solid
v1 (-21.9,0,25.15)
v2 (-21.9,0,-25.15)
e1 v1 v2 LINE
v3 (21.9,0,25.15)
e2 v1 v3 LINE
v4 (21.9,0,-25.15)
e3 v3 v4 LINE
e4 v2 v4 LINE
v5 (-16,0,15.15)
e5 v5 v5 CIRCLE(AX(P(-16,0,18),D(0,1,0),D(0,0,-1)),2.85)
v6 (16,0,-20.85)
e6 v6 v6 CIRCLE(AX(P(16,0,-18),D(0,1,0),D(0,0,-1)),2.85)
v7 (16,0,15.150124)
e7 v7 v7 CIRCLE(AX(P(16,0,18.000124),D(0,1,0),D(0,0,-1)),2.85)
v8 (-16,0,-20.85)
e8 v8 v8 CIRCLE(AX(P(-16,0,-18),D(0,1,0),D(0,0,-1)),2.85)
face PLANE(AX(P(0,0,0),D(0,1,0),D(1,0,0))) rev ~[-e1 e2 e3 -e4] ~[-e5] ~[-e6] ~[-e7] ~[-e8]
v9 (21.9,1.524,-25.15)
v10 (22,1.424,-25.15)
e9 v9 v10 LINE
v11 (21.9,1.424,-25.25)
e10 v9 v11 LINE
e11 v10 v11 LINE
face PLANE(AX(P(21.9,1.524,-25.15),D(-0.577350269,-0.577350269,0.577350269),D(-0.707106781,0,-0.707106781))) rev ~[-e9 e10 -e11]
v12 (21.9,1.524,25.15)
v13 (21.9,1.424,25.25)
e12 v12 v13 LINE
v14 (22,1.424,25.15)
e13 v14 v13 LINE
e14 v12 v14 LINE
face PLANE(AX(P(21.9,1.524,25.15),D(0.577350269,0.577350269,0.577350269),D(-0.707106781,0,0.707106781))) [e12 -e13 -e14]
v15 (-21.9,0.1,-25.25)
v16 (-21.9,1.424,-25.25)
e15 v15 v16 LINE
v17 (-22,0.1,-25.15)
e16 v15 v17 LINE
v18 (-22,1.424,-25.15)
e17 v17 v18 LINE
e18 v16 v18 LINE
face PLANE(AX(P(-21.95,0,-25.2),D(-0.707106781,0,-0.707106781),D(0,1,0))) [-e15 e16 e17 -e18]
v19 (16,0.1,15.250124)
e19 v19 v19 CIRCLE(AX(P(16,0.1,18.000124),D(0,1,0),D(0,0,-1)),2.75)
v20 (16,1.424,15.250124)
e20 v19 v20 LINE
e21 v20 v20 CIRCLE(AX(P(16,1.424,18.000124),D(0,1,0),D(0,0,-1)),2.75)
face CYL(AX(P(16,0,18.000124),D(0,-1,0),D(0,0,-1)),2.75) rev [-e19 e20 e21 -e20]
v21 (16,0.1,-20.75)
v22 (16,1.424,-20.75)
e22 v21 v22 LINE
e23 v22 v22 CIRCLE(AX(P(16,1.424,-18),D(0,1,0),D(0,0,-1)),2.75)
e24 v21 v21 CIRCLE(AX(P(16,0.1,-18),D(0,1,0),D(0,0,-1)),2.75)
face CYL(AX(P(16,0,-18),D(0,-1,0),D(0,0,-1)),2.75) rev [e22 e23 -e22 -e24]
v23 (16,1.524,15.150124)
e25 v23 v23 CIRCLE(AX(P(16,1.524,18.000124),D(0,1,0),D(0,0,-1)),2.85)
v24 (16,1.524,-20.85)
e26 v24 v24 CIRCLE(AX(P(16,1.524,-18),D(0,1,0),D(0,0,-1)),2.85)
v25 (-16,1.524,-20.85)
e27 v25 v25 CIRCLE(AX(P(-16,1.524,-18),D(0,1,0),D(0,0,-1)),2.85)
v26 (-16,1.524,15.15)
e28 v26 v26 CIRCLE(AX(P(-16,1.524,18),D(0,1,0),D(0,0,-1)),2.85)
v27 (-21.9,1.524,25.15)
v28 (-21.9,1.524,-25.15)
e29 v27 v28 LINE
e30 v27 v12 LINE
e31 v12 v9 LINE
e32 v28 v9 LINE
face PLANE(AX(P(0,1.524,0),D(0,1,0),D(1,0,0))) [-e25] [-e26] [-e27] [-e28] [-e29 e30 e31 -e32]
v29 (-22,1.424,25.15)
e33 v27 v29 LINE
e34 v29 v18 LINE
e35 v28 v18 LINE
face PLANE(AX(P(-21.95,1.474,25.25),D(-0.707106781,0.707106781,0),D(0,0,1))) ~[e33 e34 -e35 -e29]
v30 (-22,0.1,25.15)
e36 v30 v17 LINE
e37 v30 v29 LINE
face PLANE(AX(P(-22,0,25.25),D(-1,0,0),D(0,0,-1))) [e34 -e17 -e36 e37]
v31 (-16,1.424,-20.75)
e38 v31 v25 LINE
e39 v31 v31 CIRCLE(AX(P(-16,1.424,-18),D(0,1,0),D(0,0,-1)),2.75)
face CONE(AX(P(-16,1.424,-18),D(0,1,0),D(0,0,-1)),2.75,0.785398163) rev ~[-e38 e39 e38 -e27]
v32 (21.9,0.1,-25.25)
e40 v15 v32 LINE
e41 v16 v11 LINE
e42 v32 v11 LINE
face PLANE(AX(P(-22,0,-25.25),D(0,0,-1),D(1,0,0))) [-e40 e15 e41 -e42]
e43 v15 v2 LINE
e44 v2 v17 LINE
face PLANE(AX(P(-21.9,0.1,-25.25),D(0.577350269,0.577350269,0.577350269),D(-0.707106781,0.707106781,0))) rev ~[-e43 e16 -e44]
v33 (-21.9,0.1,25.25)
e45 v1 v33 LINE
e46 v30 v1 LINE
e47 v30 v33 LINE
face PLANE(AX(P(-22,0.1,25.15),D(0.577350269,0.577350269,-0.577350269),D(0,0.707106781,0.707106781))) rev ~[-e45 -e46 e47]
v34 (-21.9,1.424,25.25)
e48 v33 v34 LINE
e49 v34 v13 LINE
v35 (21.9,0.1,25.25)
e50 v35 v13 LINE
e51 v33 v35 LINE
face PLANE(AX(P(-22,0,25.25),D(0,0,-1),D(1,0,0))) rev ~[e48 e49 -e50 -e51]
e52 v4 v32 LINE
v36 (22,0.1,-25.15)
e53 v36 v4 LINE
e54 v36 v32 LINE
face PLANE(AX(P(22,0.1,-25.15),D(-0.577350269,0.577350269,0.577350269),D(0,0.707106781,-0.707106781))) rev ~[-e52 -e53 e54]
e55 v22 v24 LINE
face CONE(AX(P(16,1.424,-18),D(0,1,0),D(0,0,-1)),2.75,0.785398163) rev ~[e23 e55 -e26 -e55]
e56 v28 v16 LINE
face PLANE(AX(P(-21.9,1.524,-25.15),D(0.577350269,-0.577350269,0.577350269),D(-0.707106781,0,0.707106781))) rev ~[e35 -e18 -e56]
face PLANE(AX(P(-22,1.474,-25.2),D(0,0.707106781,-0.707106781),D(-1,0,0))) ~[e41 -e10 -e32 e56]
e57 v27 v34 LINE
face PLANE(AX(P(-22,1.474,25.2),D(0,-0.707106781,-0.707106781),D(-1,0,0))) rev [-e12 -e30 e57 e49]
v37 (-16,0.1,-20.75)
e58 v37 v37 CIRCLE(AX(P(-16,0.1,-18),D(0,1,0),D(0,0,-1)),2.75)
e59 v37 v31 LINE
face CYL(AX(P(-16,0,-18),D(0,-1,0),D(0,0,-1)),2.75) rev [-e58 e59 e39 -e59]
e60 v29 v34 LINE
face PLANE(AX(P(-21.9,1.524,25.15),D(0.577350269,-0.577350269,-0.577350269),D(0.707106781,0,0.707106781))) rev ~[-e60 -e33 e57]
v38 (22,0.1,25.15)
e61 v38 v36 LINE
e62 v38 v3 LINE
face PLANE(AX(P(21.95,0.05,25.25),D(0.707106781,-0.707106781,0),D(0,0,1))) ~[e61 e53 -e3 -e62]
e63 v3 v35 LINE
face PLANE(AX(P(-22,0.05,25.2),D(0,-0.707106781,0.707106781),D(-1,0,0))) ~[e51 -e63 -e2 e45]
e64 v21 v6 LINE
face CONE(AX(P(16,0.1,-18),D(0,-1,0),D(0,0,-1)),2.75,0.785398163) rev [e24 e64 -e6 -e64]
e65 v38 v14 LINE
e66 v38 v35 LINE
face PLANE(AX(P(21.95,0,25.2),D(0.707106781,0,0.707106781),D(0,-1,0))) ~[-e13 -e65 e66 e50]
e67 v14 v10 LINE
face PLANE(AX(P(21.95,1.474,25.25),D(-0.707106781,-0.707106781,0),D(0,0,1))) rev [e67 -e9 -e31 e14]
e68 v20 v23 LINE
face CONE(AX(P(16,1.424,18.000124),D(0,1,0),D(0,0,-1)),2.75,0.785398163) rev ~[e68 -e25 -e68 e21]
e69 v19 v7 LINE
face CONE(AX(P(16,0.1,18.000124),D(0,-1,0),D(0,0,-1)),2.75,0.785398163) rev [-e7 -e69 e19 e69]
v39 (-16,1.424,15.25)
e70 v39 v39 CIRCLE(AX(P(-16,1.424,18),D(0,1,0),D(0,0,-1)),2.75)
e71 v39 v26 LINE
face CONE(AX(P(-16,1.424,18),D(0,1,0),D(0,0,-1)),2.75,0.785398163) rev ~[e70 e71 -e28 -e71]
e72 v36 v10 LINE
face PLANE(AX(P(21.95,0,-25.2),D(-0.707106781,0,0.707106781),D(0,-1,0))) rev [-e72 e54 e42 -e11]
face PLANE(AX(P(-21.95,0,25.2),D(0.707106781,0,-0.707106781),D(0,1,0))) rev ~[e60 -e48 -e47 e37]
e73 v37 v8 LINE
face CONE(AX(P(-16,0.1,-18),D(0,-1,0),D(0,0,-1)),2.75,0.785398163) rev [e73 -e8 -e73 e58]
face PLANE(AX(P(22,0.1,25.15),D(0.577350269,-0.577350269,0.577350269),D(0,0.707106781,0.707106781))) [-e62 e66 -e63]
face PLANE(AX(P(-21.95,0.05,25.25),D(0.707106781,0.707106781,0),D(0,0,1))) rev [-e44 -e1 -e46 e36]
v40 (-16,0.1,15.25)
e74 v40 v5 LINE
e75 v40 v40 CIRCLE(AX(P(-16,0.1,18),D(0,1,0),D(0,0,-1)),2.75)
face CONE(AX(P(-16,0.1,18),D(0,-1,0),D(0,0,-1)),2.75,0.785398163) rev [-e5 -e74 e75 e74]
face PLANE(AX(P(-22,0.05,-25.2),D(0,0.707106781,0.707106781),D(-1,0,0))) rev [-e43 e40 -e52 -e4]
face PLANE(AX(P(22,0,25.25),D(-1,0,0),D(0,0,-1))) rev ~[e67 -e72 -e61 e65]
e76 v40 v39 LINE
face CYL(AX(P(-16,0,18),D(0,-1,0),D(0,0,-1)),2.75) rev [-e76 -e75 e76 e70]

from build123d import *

# Parameters (mm, degrees)
SKETCH1_W           = 44
SKETCH1_H           = 50.5
SKETCH1_R           = 2.75
BOSS_EXTRUDE1_DEPTH = 1.524
CHAMFER1_SIZE       = 0.1


with BuildPart() as part:
    # Sketch1 → Boss-Extrude1 (new body)
    with BuildSketch(Plane(origin=(0, 0, 0), x_dir=(1, 0, 0), z_dir=(0, 1, 0))):
        Rectangle(SKETCH1_W, SKETCH1_H)
        with Locations(Location((-16, -18, 0), (0, 0, 90))):
            Circle(SKETCH1_R, mode=Mode.SUBTRACT)
        with Locations(Location((16, -18.000123839, 0), (0, 0, 90))):
            Circle(SKETCH1_R, mode=Mode.SUBTRACT)
        with Locations(Location((16, 18, 0), (0, 0, 90))):
            Circle(SKETCH1_R, mode=Mode.SUBTRACT)
        with Locations(Location((-16, 18, 0), (0, 0, 90))):
            Circle(SKETCH1_R, mode=Mode.SUBTRACT)
    extrude(amount=BOSS_EXTRUDE1_DEPTH)

    # Chamfer1
    chamfer1_edges = [part.edges().sort_by_distance(p)[0] for p in [
        (-16, 1.524, 20.75),
        (0, 0, 25.25),
        (-22, 0, 0),
        (0, 0, -25.25),
        (22, 0, 0),
        (-16, 0, -15.25),
        (16, 0, -15.25),
        (16, 0, 20.750123839),
        (-16, 0, 20.75),
        (16, 1.524, 20.750123839),
        (22, 0.762, 25.25),
        (-22, 0.762, 25.25),
        (-22, 0.762, -25.25),
        (22, 0.762, -25.25),
        (16, 1.524, -15.25),
        (-16, 1.524, -15.25),
        (22, 1.524, 0),
        (0, 1.524, -25.25),
        (-22, 1.524, 0),
        (0, 1.524, 25.25),
    ]]
    chamfer(chamfer1_edges, length=CHAMFER1_SIZE)


solid = part.part
